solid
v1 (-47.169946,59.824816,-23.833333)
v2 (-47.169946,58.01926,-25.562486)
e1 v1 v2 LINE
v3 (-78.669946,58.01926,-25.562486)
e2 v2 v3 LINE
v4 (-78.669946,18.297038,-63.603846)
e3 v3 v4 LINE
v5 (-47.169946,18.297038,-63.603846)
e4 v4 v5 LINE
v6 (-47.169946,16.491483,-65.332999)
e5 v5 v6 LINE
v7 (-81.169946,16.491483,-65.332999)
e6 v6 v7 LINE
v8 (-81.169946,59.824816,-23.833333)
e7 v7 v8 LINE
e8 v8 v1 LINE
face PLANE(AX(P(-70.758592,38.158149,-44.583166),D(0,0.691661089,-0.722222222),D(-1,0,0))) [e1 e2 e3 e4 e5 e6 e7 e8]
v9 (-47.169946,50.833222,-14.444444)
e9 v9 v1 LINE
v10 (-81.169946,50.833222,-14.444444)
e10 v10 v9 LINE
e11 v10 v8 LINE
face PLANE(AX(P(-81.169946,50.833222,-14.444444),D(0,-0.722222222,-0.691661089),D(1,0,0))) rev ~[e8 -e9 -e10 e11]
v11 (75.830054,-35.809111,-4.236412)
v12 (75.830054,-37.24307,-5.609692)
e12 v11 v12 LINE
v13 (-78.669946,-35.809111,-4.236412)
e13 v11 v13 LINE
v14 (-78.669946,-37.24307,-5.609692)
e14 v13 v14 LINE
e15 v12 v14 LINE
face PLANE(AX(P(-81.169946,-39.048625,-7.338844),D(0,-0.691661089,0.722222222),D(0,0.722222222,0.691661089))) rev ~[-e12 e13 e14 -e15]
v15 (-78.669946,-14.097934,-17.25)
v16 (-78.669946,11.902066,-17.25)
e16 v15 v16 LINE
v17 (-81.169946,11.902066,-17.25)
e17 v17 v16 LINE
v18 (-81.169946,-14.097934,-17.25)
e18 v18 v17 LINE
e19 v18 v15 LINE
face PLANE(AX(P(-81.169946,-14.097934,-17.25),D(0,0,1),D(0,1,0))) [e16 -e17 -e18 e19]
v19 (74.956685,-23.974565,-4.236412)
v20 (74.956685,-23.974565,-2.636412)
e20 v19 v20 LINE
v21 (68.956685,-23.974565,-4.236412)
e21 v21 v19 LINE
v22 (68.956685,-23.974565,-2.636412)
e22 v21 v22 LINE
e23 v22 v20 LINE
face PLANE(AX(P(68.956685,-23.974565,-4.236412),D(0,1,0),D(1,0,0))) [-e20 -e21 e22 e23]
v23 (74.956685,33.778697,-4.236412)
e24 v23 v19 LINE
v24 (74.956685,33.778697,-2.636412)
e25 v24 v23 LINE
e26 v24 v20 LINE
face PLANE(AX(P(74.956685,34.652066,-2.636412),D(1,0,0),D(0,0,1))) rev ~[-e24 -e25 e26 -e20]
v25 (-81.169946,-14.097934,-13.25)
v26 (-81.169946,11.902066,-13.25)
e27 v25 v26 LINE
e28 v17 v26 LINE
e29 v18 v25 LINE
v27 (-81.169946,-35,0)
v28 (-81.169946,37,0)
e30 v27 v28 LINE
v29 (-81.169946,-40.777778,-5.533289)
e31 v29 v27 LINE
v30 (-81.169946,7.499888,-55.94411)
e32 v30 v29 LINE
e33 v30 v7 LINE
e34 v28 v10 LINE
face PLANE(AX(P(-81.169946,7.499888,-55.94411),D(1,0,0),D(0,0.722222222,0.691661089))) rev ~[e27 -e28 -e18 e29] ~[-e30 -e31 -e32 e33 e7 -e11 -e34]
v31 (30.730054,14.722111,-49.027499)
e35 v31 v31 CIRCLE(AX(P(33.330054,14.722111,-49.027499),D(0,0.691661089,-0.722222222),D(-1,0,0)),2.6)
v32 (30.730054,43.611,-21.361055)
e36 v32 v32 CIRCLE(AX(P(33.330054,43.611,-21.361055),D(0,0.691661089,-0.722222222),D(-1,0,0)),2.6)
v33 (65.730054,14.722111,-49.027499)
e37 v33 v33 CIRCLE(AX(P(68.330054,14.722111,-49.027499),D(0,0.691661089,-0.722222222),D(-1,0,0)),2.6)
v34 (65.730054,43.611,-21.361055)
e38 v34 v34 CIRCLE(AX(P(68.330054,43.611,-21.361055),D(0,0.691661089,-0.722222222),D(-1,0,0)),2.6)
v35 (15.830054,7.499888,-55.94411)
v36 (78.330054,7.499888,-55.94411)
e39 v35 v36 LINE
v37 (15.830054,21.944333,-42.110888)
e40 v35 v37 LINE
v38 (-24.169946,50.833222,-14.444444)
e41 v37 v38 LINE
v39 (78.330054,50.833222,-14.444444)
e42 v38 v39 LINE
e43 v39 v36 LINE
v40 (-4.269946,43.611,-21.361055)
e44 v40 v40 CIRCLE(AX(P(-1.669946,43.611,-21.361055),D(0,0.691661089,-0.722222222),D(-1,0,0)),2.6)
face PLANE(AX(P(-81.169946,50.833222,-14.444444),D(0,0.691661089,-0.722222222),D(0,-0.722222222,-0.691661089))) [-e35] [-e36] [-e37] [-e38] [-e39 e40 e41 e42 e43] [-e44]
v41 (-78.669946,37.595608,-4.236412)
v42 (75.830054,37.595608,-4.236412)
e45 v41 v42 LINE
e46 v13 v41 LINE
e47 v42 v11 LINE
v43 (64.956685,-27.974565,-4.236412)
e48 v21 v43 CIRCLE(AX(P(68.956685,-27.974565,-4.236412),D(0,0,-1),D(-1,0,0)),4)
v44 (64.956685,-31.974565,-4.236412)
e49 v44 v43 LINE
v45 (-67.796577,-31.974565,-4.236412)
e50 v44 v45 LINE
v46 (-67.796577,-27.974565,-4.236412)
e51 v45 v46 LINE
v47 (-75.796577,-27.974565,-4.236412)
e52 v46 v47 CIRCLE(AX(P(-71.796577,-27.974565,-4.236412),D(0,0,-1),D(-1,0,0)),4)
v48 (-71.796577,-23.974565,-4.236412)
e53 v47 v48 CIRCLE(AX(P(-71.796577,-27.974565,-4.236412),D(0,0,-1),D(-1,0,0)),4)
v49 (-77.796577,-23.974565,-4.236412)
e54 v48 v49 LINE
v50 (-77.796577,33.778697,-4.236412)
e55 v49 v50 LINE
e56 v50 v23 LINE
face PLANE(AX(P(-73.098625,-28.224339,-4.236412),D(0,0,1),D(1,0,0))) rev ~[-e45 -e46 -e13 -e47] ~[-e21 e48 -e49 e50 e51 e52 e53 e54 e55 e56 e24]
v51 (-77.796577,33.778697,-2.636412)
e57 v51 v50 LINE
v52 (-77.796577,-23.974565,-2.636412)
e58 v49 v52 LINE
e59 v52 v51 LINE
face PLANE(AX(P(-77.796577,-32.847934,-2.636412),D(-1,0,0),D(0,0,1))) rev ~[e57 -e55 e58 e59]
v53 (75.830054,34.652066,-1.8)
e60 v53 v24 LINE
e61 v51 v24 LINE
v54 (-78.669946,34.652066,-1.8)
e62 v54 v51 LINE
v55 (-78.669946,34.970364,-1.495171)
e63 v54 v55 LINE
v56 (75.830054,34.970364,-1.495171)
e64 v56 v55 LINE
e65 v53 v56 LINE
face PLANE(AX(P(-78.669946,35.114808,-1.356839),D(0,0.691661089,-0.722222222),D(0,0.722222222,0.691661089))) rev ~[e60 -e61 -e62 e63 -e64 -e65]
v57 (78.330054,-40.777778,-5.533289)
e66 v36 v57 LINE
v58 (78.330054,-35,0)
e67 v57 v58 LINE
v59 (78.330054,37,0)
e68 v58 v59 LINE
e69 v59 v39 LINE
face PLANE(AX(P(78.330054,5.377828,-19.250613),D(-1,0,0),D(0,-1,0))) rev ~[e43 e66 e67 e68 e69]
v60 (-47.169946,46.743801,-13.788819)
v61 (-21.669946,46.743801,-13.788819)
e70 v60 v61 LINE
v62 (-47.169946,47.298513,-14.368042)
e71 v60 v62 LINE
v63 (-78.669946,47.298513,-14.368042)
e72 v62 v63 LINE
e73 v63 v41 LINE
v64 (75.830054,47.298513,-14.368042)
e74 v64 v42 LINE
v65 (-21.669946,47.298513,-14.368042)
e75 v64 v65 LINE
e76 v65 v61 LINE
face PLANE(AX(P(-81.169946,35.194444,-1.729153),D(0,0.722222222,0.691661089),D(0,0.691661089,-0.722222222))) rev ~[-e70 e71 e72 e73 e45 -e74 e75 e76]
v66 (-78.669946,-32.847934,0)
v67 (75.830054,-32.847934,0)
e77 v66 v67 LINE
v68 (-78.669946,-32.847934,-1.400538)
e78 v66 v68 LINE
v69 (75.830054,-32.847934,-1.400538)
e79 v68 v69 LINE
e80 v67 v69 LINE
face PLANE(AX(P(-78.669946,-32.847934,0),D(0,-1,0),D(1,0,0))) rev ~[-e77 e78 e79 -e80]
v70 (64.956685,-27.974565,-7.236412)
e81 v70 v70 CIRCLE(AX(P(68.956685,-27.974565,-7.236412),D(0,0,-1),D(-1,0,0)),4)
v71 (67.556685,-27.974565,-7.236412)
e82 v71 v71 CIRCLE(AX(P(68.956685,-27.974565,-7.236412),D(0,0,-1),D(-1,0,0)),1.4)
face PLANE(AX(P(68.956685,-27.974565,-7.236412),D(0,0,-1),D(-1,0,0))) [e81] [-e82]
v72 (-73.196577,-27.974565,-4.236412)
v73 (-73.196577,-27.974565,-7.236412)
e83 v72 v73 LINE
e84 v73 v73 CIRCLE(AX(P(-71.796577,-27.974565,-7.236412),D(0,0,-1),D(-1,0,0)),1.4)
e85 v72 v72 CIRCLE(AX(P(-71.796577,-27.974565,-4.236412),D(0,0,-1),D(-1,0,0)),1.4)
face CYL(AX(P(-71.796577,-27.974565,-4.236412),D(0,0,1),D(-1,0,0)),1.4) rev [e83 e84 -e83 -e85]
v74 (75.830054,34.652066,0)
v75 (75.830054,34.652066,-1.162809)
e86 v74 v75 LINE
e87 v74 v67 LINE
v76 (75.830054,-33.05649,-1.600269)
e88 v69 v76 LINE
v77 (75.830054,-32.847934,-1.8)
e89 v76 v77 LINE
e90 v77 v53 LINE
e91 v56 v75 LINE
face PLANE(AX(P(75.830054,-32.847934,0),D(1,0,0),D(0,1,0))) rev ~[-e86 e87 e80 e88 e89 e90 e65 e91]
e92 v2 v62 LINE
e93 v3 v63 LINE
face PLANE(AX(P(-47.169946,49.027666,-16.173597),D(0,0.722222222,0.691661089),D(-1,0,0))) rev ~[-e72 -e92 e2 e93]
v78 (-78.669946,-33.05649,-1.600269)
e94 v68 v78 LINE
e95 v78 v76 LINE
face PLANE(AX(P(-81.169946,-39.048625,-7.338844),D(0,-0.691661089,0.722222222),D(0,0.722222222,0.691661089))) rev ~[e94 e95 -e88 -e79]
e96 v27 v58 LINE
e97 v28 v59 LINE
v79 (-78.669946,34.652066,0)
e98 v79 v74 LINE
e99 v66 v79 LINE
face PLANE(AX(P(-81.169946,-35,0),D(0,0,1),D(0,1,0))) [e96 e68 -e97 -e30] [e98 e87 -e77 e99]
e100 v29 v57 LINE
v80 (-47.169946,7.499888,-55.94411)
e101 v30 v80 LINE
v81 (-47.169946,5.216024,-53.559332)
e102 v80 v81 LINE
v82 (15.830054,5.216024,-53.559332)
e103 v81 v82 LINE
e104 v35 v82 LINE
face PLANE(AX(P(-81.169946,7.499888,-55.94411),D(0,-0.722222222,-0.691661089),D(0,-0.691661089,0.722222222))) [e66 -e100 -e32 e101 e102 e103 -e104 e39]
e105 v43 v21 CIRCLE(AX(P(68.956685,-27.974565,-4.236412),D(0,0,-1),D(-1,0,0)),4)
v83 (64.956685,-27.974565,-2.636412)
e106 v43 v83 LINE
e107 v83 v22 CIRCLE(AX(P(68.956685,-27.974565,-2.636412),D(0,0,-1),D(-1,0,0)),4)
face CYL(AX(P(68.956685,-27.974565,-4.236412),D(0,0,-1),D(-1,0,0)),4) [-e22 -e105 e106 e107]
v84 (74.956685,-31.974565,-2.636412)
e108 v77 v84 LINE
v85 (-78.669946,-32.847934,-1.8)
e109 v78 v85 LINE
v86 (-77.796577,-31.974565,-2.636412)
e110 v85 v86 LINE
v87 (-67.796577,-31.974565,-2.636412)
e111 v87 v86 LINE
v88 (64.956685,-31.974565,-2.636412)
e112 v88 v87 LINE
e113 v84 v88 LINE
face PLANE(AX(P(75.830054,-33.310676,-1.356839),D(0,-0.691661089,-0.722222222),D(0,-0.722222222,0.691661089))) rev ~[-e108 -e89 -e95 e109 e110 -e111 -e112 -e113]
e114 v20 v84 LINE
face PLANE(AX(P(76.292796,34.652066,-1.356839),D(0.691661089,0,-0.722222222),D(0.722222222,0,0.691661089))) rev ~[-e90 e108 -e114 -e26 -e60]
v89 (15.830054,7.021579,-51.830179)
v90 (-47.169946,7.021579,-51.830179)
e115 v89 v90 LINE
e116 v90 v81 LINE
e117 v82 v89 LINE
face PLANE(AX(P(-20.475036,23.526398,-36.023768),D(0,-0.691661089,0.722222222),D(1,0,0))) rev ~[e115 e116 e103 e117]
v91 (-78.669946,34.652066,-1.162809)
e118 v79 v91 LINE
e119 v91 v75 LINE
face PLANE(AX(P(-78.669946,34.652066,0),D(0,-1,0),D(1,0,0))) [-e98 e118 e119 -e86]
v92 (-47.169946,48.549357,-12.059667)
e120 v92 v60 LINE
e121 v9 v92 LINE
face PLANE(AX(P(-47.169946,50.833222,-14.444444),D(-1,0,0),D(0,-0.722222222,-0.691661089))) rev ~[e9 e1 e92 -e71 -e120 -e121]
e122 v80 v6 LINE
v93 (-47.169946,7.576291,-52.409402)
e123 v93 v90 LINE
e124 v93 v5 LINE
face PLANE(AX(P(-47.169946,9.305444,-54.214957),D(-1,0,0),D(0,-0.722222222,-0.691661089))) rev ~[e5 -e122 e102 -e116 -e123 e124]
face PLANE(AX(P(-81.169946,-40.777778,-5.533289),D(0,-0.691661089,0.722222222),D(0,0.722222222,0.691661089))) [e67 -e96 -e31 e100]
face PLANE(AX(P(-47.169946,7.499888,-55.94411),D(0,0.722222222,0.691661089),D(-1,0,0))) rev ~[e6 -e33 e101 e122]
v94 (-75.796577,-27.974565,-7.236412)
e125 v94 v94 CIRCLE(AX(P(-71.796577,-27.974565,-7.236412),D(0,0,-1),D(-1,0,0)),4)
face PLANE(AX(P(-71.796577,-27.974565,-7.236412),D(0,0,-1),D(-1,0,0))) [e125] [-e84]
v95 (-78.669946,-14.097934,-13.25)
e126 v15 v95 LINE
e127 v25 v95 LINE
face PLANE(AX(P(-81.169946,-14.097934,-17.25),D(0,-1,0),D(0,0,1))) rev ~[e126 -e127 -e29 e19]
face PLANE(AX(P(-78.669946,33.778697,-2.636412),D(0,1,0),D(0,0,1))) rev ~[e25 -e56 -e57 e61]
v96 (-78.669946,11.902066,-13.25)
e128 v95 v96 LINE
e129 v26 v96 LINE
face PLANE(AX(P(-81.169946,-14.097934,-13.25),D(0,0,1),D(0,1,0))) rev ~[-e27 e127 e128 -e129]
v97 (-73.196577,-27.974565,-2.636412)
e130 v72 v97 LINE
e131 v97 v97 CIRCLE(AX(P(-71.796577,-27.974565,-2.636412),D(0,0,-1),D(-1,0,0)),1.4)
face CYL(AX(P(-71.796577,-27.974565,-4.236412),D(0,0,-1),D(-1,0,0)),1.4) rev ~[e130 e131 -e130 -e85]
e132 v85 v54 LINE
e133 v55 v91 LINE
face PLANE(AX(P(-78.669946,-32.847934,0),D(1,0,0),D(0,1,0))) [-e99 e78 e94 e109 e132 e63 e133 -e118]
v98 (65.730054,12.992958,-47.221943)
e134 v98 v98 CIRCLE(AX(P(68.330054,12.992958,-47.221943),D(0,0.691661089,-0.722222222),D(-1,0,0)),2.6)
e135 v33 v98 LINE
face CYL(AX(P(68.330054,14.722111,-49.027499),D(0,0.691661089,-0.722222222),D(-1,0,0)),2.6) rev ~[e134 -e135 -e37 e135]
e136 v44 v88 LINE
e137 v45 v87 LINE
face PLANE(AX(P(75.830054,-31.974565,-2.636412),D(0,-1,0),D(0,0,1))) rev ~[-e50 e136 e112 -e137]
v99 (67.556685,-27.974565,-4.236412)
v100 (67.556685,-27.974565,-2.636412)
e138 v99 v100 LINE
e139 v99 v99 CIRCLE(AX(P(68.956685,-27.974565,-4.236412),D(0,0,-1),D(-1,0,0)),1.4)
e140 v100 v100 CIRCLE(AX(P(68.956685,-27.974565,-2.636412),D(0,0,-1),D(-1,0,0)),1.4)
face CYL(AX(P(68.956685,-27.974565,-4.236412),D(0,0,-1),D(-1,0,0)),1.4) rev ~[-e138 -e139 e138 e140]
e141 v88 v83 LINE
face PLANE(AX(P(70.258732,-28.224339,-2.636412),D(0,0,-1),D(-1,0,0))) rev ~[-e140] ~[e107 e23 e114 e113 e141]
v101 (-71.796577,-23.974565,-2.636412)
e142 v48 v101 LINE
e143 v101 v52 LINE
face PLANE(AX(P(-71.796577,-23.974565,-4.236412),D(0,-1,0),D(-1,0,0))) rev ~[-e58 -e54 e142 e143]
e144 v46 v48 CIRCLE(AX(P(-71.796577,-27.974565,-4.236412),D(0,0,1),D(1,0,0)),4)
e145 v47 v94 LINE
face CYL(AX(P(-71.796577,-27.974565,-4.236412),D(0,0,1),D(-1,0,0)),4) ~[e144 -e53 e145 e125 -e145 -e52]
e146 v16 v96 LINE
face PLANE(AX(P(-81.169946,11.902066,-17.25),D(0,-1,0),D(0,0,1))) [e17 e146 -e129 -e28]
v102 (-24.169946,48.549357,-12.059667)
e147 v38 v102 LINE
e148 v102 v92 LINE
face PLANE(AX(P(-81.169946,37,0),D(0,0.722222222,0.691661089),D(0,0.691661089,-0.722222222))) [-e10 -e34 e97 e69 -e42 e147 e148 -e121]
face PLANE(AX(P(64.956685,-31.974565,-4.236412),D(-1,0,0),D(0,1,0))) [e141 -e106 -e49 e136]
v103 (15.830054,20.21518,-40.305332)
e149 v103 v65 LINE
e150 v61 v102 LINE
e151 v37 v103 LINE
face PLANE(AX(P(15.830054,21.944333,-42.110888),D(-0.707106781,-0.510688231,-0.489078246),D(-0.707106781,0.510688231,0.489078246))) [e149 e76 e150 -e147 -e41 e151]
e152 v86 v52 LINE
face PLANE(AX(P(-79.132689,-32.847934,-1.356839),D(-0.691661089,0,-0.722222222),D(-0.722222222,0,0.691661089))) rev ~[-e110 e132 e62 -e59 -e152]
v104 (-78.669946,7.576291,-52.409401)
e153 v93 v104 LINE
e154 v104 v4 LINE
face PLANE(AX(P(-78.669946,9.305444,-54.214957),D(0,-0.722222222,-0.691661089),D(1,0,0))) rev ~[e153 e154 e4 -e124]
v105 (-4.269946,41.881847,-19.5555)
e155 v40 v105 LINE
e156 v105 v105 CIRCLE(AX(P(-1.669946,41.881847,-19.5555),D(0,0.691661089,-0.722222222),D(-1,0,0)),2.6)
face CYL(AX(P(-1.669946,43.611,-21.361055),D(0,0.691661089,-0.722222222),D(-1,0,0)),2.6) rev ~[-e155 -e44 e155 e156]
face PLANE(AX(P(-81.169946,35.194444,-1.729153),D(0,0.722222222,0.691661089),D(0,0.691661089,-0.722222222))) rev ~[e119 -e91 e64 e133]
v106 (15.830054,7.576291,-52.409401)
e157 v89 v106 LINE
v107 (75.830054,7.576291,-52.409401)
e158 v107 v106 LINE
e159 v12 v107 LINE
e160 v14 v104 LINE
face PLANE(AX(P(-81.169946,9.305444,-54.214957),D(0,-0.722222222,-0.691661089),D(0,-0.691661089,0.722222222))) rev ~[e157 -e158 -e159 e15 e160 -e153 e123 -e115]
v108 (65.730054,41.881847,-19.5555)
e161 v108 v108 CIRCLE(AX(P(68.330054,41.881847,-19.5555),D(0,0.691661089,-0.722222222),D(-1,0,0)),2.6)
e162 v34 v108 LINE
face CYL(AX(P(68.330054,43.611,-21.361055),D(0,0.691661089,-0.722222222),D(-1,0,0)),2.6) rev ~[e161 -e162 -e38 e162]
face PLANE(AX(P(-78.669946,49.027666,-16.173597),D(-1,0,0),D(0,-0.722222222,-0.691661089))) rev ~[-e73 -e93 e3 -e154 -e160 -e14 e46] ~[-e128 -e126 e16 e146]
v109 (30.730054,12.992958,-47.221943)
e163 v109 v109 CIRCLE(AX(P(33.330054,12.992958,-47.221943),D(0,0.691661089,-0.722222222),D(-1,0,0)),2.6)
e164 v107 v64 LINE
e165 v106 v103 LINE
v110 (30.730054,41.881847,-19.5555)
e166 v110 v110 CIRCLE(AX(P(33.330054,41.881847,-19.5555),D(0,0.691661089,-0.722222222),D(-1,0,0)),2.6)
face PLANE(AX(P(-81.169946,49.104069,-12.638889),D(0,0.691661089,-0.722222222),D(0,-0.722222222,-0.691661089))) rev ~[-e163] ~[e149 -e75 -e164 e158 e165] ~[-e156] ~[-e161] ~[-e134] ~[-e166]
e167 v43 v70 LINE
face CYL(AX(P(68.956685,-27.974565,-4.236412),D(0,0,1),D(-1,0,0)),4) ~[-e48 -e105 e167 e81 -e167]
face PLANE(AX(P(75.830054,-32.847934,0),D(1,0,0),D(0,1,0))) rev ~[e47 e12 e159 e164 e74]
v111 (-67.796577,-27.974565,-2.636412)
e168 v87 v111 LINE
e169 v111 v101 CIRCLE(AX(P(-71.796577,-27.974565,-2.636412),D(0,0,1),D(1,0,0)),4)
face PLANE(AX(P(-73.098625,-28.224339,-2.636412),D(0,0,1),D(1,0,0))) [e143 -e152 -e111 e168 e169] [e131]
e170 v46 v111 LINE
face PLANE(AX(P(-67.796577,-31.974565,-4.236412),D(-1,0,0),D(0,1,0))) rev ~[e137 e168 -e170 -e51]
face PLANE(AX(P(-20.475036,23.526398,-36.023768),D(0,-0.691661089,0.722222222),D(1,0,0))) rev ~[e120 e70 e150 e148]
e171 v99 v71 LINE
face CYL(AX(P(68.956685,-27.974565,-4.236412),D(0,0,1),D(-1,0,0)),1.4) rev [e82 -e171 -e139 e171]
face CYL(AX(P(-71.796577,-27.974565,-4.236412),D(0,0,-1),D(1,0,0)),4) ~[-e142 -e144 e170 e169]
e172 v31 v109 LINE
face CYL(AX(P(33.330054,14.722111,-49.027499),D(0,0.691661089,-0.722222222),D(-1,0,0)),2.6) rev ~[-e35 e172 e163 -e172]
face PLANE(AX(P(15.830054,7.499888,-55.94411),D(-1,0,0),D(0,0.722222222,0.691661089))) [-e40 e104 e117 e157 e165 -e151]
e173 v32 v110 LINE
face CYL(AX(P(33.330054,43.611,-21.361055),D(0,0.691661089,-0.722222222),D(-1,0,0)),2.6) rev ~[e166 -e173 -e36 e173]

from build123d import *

# Parameters (mm, degrees)
BOSS_EXTRUDE3_DEPTH = 159.5
SHELL1_T            = -2.5
SKETCH1_W           = 154.5
SKETCH1_H           = 67.5
CUT_EXTRUDE2_DEPTH  = 4
CUT_EXTRUDE1_REACH  = 161.5
SKETCH2_W           = 4
SKETCH2_H           = 26
SKETCH8_W           = 179.5
SKETCH8_H           = 111.610999554
SKETCH8_W_2         = 159.5
SKETCH8_H_2         = 91.610999554
CUT_EXTRUDE3_DEPTH  = 56.944109771
SKETCH10_W          = 31.5
SKETCH10_H          = 55
CUT_EXTRUDE4_DEPTH  = 2.5
BOSS_EXTRUDE4_DEPTH = 13
CUT_EXTRUDE5_DEPTH  = 3.302
SKETCH13_R          = 2.6
CUT_EXTRUDE6_DEPTH  = 2.5
BOSS_EXTRUDE5_DEPTH = 1.6
SKETCH15_R          = 4
SKETCH15_R_2        = 1.4
BOSS_EXTRUDE6_DEPTH = 3
CUT_EXTRUDE7_REACH  = 6.236
SKETCH15_2_R        = 1.4


with BuildPart() as part:
    # Sketch3 → Boss-Extrude3 (new body)
    with BuildSketch(Plane.YZ.offset(-81.169946448)):
        Polygon((37, 0), (50.833221776, -14.444444444), (7.499888442, -55.944109771), (-40.777777778, -5.53328871), (-35, 0), align=None)
    extrude(amount=BOSS_EXTRUDE3_DEPTH)

    # Shell1
    shell1_openings = [part.faces().sort_by_distance(p)[0] for p in [
        (-1.419946448, 1, 0),
    ]]
    offset(amount=SHELL1_T, openings=shell1_openings, kind=Kind.INTERSECTION)

    # Sketch1 → Cut-Extrude2 (cut)
    with BuildSketch(Plane.XY):
        with Locations((-1.419946448, 0.902066229)):
            Rectangle(SKETCH1_W, SKETCH1_H)
    extrude(amount=-CUT_EXTRUDE2_DEPTH, mode=Mode.SUBTRACT)

    # Sketch2 → Cut-Extrude1 (cut, up to next)
    with BuildSketch(Plane.ZY.offset(81.169946448), mode=Mode.PRIVATE) as cut_extrude1_sk1:
        with Locations((-15.25, -1.097933771)):
            Rectangle(SKETCH2_W, SKETCH2_H)
    cut_extrude1_tool1 = extrude(cut_extrude1_sk1.sketch, amount=-CUT_EXTRUDE1_REACH, mode=Mode.PRIVATE) & part.part
    add(cut_extrude1_tool1.solids().sort_by_distance((-81.169946, -1.097934, -15.25))[0], mode=Mode.SUBTRACT)

    # Sweep1: sweep along a path in Sketch6
    with BuildLine(Plane.XY.offset(-1.8)) as sweep1_path:
        Line((-78.669946448, 34.652066229), (75.830053552, 34.652066229))
        Line((75.830053552, 34.652066229), (75.830053552, -32.847933771))
        Line((75.830053552, -32.847933771), (-78.669946448, -32.847933771))
        Line((-78.669946448, -32.847933771), (-78.669946448, 34.652066229))
    # Sketch7 → Sweep1 (sweep)
    with BuildSketch(Plane.ZY.offset(-75.830053552)):
        Polygon((-1.356838972, 35.114808383), (-2.636411987, 33.778697272), (-4.236411987, 33.778697272), (-4.236411987, 37.872531068), align=None)
    sweep(path=sweep1_path.line, transition=Transition.RIGHT)

    # Sketch8 → Cut-Extrude3 (cut, through all)
    with BuildSketch(Plane.XY):
        with Locations((-1.419946448, 5.027721999)):
            Rectangle(SKETCH8_W, SKETCH8_H)
        with Locations((-1.419946448, 5.027721999)):
            Rectangle(SKETCH8_W_2, SKETCH8_H_2, mode=Mode.SUBTRACT)
    extrude(amount=-CUT_EXTRUDE3_DEPTH, mode=Mode.SUBTRACT)

    # Sketch10 → Cut-Extrude4 (cut)
    with BuildSketch(Plane(origin=(0, 31.533839059, -32.927165761), x_dir=(-1, 0, 0), z_dir=(0, 0.691661089, -0.722222222))):
        with Locations((62.919946448, -3.277777778)):
            Rectangle(SKETCH10_W, SKETCH10_H)
    extrude(amount=-CUT_EXTRUDE4_DEPTH, mode=Mode.SUBTRACT)

    # Sketch10<3> → Boss-Extrude4 (add)
    with BuildSketch(Plane(origin=(0, 31.533839059, -32.927165761), x_dir=(-1, 0, 0), z_dir=(0, 0.691661089, -0.722222222))):
        Polygon((78.669946448, 24.222222222), (78.669946448, -30.777777778), (47.169946448, -30.777777778), (47.169946448, -33.277777778), (81.169946448, -33.277777778), (81.169946448, 26.722222222), (47.169946448, 26.722222222), (47.169946448, 24.222222222), align=None)
    extrude(amount=BOSS_EXTRUDE4_DEPTH)

    # Sketch12 → Cut-Extrude5 (cut)
    with BuildSketch(Plane(origin=(0, 31.533839059, -32.927165761), x_dir=(-1, 0, 0), z_dir=(0, 0.691661089, -0.722222222))):
        Polygon((47.169946448, -33.277777778), (-15.830053552, -33.277777778), (-15.830053552, -13.277777778), (24.169946448, 26.722222222), (47.169946448, 26.722222222), align=None)
    extrude(amount=-CUT_EXTRUDE5_DEPTH, mode=Mode.SUBTRACT)

    # Sketch13 → Cut-Extrude6 (cut)
    with BuildSketch(Plane(origin=(0, 31.533839059, -32.927165761), x_dir=(-1, 0, 0), z_dir=(0, 0.691661089, -0.722222222))):
        with Locations((-68.330053552, -23.277777778)):
            Circle(SKETCH13_R)
        with Locations((-33.330053552, -23.277777778)):
            Circle(SKETCH13_R)
        with Locations((-33.330053552, 16.722222222)):
            Circle(SKETCH13_R)
        with Locations((1.669946448, 16.722222222)):
            Circle(SKETCH13_R)
        with Locations((-68.330053552, 16.722222222)):
            Circle(SKETCH13_R)
    extrude(amount=-CUT_EXTRUDE6_DEPTH, mode=Mode.SUBTRACT)

    # Sketch14 → Boss-Extrude5 (add)
    with BuildSketch(Plane(origin=(0, 0, -4.236411987), x_dir=(-1, 0, 0), z_dir=(0, 0, -1))):
        with BuildLine():
            Line((77.796577491, -31.974564814), (67.796577491, -31.974564814))
            Line((67.796577491, -31.974564814), (67.796577491, -27.974564814))
            ThreePointArc((67.796577491, -27.974564814), (68.968150366, -25.14613769), (71.796577491, -23.974564814))
            Line((71.796577491, -23.974564814), (77.796577491, -23.974564814))
            Line((77.796577491, -23.974564814), (77.796577491, -31.974564814))
        make_face()
        with BuildLine():
            Line((-74.956684595, -31.974564814), (-64.956684595, -31.974564814))
            Line((-64.956684595, -31.974564814), (-64.956684595, -27.974564814))
            ThreePointArc((-64.956684595, -27.974564814), (-66.12825747, -25.14613769), (-68.956684595, -23.974564814))
            Line((-68.956684595, -23.974564814), (-74.956684595, -23.974564814))
            Line((-74.956684595, -23.974564814), (-74.956684595, -31.974564814))
        make_face()
    extrude(amount=-BOSS_EXTRUDE5_DEPTH)

    # Sketch15 → Boss-Extrude6 (add)
    with BuildSketch(Plane(origin=(0, 0, -4.236411987), x_dir=(-1, 0, 0), z_dir=(0, 0, -1))):
        with Locations((71.796577491, -27.974564814)):
            Circle(SKETCH15_R)
        with Locations((71.796577491, -27.974564814)):
            Circle(SKETCH15_R_2, mode=Mode.SUBTRACT)
        with Locations((-68.956684595, -27.974564814)):
            Circle(SKETCH15_R)
        with Locations((-68.956684595, -27.974564814)):
            Circle(SKETCH15_R_2, mode=Mode.SUBTRACT)
    extrude(amount=BOSS_EXTRUDE6_DEPTH)

    # Sketch15<2> → Cut-Extrude7 (cut, up to next)
    with BuildSketch(Plane(origin=(0, 0, -4.236411987), x_dir=(-1, 0, 0), z_dir=(0, 0, -1)), mode=Mode.PRIVATE) as cut_extrude7_sk1:
        with Locations((71.796577491, -27.974564814)):
            Circle(SKETCH15_2_R)
    cut_extrude7_tool1 = extrude(cut_extrude7_sk1.sketch, amount=-CUT_EXTRUDE7_REACH, mode=Mode.PRIVATE) & part.part
    add(cut_extrude7_tool1.solids().sort_by_distance((-71.796577, -27.974565, -4.236412))[0], mode=Mode.SUBTRACT)
    # Sketch15<2> → Cut-Extrude7 (cut, up to next)
    with BuildSketch(Plane(origin=(0, 0, -4.236411987), x_dir=(-1, 0, 0), z_dir=(0, 0, -1)), mode=Mode.PRIVATE) as cut_extrude7_sk2:
        with Locations((-68.956684595, -27.974564814)):
            Circle(SKETCH15_2_R)
    cut_extrude7_tool2 = extrude(cut_extrude7_sk2.sketch, amount=-CUT_EXTRUDE7_REACH, mode=Mode.PRIVATE) & part.part
    add(cut_extrude7_tool2.solids().sort_by_distance((68.956685, -27.974565, -4.236412))[0], mode=Mode.SUBTRACT)


solid = part.part
